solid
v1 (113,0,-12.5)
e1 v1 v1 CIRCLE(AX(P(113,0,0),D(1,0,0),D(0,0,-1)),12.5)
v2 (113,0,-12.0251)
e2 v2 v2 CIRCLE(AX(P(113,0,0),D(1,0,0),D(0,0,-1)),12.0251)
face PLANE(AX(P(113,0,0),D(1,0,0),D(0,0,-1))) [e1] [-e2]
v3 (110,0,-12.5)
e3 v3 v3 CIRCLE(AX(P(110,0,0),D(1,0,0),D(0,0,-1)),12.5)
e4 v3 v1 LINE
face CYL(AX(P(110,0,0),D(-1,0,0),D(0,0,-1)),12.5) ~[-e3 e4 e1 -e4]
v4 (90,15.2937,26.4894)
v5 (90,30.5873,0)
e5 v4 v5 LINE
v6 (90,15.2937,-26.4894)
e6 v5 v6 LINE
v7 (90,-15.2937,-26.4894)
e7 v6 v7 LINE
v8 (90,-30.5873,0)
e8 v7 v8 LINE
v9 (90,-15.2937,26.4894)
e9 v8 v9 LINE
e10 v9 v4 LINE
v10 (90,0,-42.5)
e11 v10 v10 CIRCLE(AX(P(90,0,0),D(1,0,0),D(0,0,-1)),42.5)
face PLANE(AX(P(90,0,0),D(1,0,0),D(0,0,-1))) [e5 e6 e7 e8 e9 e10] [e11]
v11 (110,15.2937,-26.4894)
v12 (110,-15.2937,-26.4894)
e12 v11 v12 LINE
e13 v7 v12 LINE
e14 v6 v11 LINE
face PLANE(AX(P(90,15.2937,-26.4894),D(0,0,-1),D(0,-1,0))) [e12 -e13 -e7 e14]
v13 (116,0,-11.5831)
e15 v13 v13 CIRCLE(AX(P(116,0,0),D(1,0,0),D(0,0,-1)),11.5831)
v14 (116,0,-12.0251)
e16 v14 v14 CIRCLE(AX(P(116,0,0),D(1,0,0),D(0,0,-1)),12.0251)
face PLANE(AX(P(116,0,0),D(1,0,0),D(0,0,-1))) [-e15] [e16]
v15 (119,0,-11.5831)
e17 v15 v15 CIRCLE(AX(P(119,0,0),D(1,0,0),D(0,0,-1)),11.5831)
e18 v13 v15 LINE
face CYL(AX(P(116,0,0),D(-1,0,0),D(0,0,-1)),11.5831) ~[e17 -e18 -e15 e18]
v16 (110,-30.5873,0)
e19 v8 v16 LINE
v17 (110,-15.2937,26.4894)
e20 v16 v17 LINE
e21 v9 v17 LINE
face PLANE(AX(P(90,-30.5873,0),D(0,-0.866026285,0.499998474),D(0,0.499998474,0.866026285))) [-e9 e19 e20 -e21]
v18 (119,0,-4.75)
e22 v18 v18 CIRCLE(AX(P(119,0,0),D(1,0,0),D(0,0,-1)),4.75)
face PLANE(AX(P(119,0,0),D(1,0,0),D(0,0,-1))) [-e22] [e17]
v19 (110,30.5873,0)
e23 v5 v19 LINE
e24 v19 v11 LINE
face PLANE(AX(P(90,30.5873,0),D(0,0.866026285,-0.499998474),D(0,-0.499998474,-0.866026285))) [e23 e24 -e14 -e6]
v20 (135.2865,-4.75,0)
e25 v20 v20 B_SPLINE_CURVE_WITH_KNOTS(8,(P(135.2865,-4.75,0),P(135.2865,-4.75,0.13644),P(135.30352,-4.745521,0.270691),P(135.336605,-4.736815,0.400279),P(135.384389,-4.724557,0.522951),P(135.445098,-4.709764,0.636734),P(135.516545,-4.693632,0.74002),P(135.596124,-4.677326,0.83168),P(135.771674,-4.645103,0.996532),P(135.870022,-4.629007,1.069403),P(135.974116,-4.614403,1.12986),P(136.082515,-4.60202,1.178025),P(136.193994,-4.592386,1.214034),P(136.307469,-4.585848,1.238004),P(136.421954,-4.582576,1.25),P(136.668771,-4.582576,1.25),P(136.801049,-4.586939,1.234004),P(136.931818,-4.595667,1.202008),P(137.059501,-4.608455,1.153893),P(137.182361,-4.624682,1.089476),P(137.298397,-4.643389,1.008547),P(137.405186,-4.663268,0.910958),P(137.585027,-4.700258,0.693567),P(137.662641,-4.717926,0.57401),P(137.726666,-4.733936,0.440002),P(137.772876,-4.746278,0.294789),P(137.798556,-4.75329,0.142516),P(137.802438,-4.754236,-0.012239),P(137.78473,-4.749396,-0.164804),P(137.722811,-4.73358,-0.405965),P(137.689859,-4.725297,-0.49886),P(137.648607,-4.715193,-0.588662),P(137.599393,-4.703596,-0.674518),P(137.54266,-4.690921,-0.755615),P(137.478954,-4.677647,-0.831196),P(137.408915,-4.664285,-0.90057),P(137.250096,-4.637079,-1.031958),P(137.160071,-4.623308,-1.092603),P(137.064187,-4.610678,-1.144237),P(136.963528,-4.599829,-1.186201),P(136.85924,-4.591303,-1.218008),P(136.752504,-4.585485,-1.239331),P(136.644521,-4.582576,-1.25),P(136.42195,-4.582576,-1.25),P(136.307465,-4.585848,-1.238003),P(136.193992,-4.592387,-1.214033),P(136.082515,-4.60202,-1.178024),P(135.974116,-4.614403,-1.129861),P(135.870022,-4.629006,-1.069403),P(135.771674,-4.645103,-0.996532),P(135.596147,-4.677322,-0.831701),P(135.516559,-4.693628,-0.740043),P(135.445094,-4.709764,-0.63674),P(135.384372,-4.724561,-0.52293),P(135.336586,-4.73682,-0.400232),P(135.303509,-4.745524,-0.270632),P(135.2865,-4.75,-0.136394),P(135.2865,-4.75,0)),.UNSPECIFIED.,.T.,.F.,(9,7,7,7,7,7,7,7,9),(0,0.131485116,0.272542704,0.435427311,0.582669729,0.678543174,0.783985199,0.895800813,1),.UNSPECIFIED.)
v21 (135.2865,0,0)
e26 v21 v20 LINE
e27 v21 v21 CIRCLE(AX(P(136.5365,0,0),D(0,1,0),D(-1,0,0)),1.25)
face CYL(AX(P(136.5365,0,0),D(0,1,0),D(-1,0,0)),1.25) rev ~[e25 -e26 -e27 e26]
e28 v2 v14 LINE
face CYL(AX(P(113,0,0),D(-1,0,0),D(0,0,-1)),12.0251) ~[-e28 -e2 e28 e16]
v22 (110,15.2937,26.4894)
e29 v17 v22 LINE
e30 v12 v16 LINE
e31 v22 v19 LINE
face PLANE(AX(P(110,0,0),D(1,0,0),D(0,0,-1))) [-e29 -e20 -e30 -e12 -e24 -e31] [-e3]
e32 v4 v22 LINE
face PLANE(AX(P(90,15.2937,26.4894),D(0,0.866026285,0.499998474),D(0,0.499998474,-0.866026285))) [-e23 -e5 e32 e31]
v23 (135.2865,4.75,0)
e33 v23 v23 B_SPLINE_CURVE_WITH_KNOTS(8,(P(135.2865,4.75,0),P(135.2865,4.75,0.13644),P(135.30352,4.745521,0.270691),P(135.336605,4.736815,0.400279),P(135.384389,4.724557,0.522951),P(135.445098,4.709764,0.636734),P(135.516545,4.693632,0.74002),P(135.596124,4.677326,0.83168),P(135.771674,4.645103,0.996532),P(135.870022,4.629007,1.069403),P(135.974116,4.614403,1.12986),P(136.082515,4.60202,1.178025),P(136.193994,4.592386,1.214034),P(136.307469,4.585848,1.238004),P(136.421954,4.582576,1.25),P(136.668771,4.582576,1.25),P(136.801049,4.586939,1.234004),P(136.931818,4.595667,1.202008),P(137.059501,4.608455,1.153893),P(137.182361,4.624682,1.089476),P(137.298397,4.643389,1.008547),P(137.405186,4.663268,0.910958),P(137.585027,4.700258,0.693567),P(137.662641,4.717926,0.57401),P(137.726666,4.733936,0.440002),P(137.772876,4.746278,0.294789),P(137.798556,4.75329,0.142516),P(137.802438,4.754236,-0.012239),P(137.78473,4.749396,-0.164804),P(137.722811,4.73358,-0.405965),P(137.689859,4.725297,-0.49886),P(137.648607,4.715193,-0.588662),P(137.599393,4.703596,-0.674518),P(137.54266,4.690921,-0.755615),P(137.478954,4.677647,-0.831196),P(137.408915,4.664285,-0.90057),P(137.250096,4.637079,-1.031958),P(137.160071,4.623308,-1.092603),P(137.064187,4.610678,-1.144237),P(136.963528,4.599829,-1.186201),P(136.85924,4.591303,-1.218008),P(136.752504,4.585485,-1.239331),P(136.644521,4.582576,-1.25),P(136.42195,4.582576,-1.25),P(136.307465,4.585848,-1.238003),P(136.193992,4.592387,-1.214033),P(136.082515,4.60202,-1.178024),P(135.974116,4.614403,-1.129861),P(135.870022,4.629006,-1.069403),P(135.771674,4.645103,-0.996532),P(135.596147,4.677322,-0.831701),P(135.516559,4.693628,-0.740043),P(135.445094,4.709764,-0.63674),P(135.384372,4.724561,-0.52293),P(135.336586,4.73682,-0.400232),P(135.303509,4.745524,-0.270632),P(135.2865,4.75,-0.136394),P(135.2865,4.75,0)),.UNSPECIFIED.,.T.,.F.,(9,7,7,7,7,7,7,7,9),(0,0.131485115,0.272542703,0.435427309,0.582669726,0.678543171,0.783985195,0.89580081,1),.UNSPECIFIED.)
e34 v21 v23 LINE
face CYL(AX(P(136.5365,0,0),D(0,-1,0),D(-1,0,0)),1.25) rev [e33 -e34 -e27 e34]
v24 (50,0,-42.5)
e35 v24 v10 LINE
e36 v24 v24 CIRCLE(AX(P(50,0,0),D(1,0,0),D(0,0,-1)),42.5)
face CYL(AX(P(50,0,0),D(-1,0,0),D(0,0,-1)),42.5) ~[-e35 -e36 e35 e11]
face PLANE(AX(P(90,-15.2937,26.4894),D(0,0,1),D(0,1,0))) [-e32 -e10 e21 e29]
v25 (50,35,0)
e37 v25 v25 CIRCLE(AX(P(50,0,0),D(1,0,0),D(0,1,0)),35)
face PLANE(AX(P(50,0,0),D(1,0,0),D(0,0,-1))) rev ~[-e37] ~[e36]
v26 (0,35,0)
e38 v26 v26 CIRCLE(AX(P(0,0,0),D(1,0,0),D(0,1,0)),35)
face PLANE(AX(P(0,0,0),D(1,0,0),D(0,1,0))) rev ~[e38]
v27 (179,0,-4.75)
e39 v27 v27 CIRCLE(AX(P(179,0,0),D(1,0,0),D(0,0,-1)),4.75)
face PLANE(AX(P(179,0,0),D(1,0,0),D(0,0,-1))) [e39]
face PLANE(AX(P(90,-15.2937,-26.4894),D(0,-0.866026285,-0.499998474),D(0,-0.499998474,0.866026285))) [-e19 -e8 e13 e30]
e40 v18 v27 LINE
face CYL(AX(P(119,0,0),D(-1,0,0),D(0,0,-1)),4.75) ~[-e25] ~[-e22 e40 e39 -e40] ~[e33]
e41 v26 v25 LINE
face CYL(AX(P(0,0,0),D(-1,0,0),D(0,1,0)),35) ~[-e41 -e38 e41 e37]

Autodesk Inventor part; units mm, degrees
ref_plane "YZ Plane" through (0, 0, 0) normal (1, 0, 0) x (0, 1, 0)
ref_plane "XZ Plane" through (0, 0, 0) normal (0, 1, 0) x (-1, 0, 0)
ref_plane "XY Plane" through (0, 0, 0) normal (0, 0, 1) x (1, 0, 0)
sketch "Sketch1" plane through (0, 0, 0) normal (1, 0, 0) x (0, 1, 0)
  circle A0 centre (0, 0) radius 35
  dimension "d0" = 70
extrude "Extrusion1" add sketch "Sketch1" along normal blind 50
sketch "Sketch2" plane through (50, 0, 0) normal (1, 0, 0) x (0, 0, -1)
  circle A0 centre (0, 0) radius 42.5
  dimension "d3" = 85
extrude "Extrusion2" add sketch "Sketch2" along normal blind 40
sketch "Sketch3" plane through (90, 0, 0) normal (1, 0, 0) x (0, 0, -1)
  line L0 (0, 30.5873) -> (26.4894, 15.2937)
  line L1 (26.4894, 15.2937) -> (26.4894, -15.2937)
  line L2 (26.4894, -15.2937) -> (0, -30.5873)
  line L3 (0, -30.5873) -> (-26.4894, -15.2937)
  line L4 (-26.4894, -15.2937) -> (-26.4894, 15.2937)
  line L5 (-26.4894, 15.2937) -> (0, 30.5873)
  point P0 (0, 0)
  point P1 (0, 0)
extrude "Extrusion3" add sketch "Sketch3" along normal blind 20
sketch "Sketch4" plane through (110, 0, 0) normal (1, 0, 0) x (0, 0, -1)
  circle A0 centre (0, 0) radius 12.5
  dimension "d8" = 25
extrude "Extrusion4" add sketch "Sketch4" along normal blind 3
sketch "Sketch5" plane through (113, 0, 0) normal (1, 0, 0) x (0, 0, -1)
  circle A0 centre (0, 0) radius 12.0251
extrude "Extrusion5" add sketch "Sketch5" along normal blind 3
sketch "Sketch6" plane through (116, 0, 0) normal (1, 0, 0) x (0, 0, -1)
  circle A0 centre (0, 0) radius 11.5831
extrude "Extrusion6" add sketch "Sketch6" along normal blind 3
sketch "Sketch7" plane through (119, 0, 0) normal (1, 0, 0) x (0, 0, -1)
  circle A0 centre (0, 0) radius 4.75
  dimension "d16" = 9.5
extrude "Extrusion7" add sketch "Sketch7" along normal blind 60
sketch "Sketch8" plane through (0, 0, 0) normal (0, 1, 0) x (-1, 0, 0)
  circle A0 centre (-136.5365, 0) radius 1.25
  point P0 (0, 0)
  dimension "d19" = 2.5
extrude "Extrusion8" cut sketch "Sketch8" along normal mid plane 20
properties part number "DC" material "Aluminum 6061-AHC"
